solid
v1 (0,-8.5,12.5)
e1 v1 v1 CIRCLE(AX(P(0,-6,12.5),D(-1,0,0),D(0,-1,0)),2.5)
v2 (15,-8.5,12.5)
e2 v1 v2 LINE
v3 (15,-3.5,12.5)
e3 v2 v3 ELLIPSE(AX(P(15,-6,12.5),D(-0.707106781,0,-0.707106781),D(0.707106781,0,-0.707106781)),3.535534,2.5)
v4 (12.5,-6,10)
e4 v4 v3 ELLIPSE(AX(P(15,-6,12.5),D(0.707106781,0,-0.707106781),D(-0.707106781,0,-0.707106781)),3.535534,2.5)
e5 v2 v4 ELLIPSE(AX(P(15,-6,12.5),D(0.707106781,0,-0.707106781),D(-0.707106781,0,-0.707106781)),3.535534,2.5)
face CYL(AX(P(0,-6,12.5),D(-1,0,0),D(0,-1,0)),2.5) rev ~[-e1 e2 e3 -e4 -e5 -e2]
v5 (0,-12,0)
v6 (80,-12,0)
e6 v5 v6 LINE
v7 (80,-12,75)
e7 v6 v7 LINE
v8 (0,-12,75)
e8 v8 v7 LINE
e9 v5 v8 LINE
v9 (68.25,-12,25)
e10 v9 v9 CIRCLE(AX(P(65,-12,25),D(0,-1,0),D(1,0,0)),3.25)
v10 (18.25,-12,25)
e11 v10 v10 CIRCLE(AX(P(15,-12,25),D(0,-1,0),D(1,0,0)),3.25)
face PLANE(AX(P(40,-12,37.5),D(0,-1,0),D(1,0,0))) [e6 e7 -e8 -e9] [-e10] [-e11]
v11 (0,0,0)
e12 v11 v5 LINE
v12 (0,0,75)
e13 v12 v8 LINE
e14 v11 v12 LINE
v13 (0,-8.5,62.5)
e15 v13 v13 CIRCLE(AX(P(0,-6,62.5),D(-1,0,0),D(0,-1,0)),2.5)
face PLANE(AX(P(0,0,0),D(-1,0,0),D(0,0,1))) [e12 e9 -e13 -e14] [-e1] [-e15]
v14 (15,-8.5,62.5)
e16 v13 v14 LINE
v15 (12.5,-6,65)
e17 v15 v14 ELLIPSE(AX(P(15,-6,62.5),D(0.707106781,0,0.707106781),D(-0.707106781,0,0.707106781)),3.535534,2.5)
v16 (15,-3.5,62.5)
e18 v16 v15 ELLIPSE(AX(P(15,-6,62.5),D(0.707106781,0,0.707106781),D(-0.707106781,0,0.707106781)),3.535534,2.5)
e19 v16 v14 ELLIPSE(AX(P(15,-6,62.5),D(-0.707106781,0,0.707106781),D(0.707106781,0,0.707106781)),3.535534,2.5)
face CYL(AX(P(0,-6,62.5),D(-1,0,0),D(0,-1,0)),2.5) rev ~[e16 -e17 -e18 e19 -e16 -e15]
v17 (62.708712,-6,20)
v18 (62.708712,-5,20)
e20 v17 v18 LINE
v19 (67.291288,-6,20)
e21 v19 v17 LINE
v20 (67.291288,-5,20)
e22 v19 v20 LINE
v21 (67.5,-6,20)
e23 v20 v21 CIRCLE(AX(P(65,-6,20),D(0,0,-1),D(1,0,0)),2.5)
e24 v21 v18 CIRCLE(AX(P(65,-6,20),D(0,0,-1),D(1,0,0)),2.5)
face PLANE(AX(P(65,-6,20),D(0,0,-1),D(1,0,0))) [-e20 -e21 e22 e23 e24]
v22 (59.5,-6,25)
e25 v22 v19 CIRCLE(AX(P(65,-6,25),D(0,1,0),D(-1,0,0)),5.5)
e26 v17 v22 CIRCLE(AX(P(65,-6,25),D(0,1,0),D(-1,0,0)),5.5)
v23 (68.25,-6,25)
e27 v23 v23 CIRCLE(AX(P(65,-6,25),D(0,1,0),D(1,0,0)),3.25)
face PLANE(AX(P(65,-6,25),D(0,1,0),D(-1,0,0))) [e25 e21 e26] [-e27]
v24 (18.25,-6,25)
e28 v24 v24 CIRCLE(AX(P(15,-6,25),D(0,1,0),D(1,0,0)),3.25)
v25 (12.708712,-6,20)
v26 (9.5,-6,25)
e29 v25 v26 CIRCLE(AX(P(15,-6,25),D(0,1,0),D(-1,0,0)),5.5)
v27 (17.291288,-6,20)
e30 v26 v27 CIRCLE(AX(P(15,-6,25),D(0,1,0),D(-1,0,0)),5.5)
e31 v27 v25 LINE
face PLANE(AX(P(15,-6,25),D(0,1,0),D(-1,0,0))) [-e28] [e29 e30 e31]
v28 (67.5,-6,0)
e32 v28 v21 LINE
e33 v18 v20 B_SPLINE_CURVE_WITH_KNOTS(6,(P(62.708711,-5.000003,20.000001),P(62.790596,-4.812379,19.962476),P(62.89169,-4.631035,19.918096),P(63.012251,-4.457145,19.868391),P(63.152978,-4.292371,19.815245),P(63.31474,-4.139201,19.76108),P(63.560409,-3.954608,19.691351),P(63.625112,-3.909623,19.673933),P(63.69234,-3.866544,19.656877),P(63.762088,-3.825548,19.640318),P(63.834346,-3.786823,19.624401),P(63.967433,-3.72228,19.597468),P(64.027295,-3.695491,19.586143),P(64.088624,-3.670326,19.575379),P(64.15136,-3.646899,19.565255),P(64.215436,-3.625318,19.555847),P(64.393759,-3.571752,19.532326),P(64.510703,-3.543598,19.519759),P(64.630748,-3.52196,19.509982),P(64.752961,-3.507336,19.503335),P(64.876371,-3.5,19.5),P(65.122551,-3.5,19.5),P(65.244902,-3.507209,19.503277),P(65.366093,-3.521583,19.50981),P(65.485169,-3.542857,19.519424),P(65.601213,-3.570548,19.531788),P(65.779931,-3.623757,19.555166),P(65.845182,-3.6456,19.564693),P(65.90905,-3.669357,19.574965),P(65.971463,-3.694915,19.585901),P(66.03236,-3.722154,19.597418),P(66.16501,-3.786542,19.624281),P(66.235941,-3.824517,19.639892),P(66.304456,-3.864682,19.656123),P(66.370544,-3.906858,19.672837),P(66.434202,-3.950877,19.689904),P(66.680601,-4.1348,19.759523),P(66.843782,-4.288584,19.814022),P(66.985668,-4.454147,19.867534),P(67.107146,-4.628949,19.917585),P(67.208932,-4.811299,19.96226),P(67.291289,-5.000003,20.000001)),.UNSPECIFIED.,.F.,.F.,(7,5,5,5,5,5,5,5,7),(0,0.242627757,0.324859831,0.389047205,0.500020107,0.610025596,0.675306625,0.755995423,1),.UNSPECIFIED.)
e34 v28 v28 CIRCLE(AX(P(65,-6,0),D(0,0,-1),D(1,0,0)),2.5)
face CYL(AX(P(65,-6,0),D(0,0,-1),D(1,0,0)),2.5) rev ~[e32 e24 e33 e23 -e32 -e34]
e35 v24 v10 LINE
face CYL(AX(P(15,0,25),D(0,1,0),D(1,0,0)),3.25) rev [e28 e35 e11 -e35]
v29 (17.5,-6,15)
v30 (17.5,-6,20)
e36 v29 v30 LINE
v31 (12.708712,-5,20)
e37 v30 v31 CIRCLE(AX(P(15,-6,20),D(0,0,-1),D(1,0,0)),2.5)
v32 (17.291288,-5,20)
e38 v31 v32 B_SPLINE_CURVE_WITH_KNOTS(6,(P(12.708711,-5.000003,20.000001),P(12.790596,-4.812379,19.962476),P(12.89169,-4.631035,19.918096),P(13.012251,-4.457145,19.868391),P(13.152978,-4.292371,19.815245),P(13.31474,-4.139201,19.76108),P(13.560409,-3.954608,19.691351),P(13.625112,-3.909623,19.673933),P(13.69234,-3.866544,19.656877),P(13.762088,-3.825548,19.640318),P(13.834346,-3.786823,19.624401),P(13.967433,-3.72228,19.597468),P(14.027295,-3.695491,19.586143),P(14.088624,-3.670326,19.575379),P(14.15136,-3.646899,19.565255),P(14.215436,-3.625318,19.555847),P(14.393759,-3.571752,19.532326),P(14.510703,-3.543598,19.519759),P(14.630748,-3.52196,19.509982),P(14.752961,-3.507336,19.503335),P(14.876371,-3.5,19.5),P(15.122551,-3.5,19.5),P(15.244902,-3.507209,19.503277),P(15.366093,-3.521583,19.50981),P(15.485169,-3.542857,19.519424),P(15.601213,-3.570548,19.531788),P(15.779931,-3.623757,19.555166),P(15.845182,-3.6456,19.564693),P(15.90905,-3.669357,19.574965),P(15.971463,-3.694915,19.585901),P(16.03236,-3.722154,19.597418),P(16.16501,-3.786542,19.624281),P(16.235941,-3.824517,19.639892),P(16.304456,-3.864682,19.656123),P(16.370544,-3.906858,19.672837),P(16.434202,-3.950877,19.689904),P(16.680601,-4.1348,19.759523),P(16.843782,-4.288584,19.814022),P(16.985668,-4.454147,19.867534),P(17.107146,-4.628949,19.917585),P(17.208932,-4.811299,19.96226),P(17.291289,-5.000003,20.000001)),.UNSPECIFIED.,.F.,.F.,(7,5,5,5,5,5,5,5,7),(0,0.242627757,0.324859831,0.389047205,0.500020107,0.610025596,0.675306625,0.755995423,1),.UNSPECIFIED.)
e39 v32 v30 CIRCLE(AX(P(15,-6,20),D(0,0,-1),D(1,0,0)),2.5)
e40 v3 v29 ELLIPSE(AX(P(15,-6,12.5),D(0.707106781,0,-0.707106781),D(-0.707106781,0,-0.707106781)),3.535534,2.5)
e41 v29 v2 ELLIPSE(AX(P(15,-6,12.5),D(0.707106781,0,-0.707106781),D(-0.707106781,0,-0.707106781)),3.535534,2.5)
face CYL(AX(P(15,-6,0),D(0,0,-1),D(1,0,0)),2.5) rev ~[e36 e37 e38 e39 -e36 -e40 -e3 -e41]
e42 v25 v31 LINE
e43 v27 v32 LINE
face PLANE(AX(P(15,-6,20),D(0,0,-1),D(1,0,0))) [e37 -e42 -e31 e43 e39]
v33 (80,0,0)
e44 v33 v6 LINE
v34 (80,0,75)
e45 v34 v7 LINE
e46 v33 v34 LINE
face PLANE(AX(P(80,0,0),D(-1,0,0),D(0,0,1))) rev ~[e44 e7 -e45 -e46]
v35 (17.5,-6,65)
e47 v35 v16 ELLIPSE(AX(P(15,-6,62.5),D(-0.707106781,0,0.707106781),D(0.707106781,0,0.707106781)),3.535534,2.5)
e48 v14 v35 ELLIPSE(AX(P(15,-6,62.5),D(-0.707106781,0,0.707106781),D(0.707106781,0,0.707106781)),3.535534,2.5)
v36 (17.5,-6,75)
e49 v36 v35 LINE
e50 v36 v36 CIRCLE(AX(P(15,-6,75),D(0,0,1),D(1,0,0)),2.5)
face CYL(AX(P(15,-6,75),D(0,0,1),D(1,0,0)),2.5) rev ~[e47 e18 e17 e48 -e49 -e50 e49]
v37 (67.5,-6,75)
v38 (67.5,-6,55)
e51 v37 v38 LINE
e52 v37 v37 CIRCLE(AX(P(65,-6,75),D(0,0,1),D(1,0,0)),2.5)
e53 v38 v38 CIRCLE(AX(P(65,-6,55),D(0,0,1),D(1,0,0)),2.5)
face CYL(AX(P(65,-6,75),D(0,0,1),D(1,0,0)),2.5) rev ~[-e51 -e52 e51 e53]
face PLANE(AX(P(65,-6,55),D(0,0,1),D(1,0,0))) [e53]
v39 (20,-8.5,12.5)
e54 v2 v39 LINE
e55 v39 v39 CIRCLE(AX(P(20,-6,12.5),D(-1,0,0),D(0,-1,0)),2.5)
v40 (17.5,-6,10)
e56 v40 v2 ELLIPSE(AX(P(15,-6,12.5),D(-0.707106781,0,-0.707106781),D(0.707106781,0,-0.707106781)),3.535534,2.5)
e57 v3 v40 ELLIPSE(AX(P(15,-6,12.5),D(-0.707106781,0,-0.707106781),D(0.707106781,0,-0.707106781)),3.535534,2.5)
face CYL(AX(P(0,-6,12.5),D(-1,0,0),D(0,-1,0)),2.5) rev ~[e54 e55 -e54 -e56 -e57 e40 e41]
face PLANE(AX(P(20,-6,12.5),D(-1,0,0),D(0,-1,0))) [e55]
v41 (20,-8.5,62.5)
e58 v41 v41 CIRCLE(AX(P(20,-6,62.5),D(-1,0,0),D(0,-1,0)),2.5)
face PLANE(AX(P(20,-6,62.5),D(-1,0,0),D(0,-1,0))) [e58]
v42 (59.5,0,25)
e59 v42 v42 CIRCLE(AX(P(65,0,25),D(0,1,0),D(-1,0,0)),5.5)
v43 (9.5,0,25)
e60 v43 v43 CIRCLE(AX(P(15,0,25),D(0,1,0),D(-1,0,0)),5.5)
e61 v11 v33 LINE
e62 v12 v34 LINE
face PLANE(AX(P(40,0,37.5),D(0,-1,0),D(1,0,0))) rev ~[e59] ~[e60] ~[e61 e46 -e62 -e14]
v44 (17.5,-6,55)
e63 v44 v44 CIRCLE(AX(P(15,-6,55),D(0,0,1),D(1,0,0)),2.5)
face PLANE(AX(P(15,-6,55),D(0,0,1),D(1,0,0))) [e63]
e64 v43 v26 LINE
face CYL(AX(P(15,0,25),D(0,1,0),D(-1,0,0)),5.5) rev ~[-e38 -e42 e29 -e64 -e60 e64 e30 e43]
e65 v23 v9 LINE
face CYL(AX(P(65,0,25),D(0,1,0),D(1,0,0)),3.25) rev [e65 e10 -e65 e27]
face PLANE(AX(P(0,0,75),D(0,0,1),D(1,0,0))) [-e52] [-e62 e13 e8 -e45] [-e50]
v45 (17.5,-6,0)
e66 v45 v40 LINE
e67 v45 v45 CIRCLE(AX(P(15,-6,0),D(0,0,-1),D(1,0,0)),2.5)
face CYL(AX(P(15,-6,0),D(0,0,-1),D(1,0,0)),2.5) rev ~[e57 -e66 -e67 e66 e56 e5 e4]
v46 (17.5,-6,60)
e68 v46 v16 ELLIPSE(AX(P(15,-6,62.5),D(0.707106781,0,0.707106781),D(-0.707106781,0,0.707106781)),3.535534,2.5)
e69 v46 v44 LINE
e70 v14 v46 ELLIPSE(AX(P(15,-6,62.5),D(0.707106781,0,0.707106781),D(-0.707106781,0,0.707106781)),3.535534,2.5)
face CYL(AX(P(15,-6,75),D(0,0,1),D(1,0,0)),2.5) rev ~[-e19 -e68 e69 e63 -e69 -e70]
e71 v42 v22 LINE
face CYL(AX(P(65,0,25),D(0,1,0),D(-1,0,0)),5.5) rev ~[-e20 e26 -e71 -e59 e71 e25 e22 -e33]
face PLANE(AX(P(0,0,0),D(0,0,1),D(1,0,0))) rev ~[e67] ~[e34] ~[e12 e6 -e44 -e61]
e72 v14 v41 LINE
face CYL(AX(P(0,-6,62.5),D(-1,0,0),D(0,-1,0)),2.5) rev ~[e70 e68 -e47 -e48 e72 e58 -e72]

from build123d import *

# Parameters (mm, degrees)
F0_W     = 80
F0_H     = 75
F0_R     = 3.25
F1_DEPTH = 12
F2_R     = 5.5
F3_DEPTH = 6
F4_R     = 2.5
F5_DEPTH = 20
F6_R     = 2.5
F7_DEPTH = 20
F8_R     = 2.5
F9_DEPTH = 20


with BuildPart() as f1:
    # F0 (on Front) → F1 (new body)
    with BuildSketch(Plane.XZ):
        with Locations((40, 37.5)):
            Rectangle(F0_W, F0_H)
        with Locations((15, 25)):
            Circle(F0_R, mode=Mode.SUBTRACT)
        with Locations((65, 25)):
            Circle(F0_R, mode=Mode.SUBTRACT)
    extrude(amount=F1_DEPTH)

    # F2 (on face) → F3 (cut)
    with BuildSketch(Plane(origin=(0, 0, 0), x_dir=(-1, 0, 0), z_dir=(0, 1, 0))):
        with Locations((-15, 25)):
            Circle(F2_R)
        with Locations((-65, 25)):
            Circle(F2_R)
    extrude(amount=-F3_DEPTH, mode=Mode.SUBTRACT)

    # F4 (on face) → F5 (cut)
    with BuildSketch(Plane(origin=(0, 0, 0), x_dir=(1, 0, 0), z_dir=(0, 0, -1))):
        with Locations((15, 6)):
            Circle(F4_R)
        with Locations((65, 6)):
            Circle(F4_R)
    extrude(amount=-F5_DEPTH, mode=Mode.SUBTRACT)

    # F6 (on face) → F7 (cut)
    with BuildSketch(Plane.XY.offset(75)):
        with Locations((15, -6)):
            Circle(F6_R)
        with Locations((65, -6)):
            Circle(F6_R)
    extrude(amount=-F7_DEPTH, mode=Mode.SUBTRACT)

    # F8 (on face) → F9 (cut)
    with BuildSketch(Plane(origin=(0, 0, 0), x_dir=(0, -1, 0), z_dir=(-1, 0, 0))):
        with Locations((6, 62.5)):
            Circle(F8_R)
        with Locations((6, 12.5)):
            Circle(F8_R)
    extrude(amount=-F9_DEPTH, mode=Mode.SUBTRACT)


solid = f1.part
